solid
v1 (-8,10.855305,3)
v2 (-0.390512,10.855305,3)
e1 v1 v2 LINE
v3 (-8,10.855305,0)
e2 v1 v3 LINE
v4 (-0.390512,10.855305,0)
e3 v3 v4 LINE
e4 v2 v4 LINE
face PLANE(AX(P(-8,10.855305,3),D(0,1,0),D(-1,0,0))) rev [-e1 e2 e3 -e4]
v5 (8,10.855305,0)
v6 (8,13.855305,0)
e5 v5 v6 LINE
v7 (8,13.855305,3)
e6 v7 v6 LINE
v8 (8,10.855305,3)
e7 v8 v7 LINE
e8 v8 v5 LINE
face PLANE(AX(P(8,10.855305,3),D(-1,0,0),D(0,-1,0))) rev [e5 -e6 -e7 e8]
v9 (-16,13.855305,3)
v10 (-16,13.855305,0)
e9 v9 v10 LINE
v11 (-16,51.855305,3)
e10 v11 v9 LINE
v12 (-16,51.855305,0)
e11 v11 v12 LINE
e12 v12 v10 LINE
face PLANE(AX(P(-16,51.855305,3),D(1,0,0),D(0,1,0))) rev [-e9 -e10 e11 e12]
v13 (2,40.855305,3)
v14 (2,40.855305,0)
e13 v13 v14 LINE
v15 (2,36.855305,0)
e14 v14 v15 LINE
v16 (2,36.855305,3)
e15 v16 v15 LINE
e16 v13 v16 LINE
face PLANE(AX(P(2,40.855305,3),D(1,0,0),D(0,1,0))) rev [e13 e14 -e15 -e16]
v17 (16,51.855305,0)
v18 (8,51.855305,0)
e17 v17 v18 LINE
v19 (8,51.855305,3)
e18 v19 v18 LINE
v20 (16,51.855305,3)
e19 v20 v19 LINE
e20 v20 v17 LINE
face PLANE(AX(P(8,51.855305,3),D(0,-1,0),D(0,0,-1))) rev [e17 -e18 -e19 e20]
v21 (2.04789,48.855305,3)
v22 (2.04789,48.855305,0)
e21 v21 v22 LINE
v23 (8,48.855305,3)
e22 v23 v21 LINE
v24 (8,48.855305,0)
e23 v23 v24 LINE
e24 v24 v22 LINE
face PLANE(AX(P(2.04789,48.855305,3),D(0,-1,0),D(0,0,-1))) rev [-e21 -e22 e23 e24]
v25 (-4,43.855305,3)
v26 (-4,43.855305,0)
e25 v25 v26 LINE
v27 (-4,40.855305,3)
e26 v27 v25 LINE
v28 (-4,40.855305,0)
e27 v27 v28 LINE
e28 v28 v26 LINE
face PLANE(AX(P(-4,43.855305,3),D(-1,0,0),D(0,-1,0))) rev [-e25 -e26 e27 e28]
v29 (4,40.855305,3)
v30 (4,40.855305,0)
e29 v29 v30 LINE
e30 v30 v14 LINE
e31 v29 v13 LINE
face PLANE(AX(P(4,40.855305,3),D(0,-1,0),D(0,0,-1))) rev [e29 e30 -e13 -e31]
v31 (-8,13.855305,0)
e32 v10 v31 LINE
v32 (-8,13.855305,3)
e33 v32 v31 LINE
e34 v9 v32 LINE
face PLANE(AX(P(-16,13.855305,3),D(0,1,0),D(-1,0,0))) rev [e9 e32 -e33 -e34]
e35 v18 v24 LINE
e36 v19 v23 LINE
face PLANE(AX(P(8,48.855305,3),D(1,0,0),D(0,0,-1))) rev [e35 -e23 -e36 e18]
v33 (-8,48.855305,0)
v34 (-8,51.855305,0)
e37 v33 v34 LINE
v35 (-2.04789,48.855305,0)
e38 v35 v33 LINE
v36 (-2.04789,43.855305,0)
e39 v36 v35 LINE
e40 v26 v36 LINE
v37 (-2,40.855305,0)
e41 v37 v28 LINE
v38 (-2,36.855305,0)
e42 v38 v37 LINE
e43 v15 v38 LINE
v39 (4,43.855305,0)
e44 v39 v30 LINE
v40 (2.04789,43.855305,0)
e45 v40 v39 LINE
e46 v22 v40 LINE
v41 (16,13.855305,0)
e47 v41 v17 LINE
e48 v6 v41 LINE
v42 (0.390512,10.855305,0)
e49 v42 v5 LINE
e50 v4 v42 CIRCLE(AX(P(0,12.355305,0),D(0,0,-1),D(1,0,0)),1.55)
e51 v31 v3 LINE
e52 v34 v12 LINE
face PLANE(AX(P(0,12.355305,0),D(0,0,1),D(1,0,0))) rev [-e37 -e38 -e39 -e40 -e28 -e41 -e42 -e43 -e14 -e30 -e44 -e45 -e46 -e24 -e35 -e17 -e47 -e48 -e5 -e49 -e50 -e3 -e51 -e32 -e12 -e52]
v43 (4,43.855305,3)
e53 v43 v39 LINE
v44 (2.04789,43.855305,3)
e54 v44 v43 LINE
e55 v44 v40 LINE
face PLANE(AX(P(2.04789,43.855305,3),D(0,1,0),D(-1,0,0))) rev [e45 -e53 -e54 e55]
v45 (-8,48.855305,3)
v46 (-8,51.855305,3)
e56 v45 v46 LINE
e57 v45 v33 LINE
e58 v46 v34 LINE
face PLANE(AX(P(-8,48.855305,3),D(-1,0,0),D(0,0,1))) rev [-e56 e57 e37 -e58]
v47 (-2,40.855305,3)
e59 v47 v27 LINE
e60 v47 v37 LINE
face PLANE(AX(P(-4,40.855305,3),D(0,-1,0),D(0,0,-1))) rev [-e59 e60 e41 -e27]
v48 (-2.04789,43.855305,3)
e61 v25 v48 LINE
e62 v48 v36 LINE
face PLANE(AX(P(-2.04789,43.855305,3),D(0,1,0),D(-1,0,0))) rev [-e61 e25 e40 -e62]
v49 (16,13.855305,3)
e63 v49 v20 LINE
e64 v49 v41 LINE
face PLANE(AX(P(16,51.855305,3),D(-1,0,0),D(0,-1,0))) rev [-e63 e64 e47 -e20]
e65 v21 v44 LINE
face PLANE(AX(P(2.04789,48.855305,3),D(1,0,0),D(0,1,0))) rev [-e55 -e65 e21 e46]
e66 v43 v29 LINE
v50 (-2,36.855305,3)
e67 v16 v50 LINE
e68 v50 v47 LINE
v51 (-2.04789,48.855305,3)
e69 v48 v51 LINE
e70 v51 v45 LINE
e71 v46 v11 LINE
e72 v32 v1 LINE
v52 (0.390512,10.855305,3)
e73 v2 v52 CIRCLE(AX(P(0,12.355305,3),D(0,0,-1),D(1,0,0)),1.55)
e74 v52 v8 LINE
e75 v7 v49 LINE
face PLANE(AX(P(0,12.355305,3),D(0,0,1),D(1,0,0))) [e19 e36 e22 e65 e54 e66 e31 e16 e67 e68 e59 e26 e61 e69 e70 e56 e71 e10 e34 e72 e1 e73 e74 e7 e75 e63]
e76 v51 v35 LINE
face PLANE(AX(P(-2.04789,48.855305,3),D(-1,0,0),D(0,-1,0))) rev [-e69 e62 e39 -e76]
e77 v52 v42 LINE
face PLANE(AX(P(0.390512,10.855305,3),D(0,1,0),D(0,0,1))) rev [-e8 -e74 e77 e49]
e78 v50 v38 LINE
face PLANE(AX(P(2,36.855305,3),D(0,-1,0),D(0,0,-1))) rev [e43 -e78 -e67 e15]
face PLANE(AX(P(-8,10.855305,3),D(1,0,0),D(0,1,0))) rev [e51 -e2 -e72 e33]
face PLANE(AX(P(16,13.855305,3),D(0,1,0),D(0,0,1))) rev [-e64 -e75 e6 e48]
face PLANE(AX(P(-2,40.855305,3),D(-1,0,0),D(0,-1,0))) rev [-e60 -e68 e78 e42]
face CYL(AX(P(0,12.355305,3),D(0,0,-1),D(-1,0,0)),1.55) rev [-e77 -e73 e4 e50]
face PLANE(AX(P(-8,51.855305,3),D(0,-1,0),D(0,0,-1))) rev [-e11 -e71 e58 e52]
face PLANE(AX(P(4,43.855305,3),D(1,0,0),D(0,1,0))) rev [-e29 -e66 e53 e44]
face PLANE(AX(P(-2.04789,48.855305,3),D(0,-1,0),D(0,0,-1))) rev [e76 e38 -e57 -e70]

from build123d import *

# Parameters (mm, degrees)
EXTRUDE_1_DEPTH = 3


with BuildPart() as part:
    # 草图2 → 凸台-拉伸1 (new body)
    with BuildSketch(Plane.XY):
        with BuildLine():
            Line((2.047890023, 48.855305477), (8, 48.855305477))
            Line((8, 48.855305477), (8, 51.855305477))
            Line((8, 51.855305477), (16, 51.855305477))
            Line((16, 51.855305477), (16, 13.855305477))
            Line((16, 13.855305477), (8, 13.855305477))
            Line((8, 13.855305477), (8, 10.855305477))
            Line((8, 10.855305477), (0.390512484, 10.855305477))
            ThreePointArc((0.390512484, 10.855305477), (0, 13.905305477), (-0.390512484, 10.855305477))
            Line((-0.390512484, 10.855305477), (-8, 10.855305477))
            Line((-8, 10.855305477), (-8, 13.855305477))
            Line((-8, 13.855305477), (-16, 13.855305477))
            Line((-16, 13.855305477), (-16, 51.855305477))
            Line((-16, 51.855305477), (-8, 51.855305477))
            Line((-8, 51.855305477), (-8, 48.855305477))
            Line((-8, 48.855305477), (-2.047890023, 48.855305477))
            Line((-2.047890023, 48.855305477), (-2.047890023, 43.855305477))
            Line((-2.047890023, 43.855305477), (-4, 43.855305477))
            Line((-4, 43.855305477), (-4, 40.855305477))
            Line((-4, 40.855305477), (-2, 40.855305477))
            Line((-2, 40.855305477), (-2, 36.855305477))
            Line((-2, 36.855305477), (2, 36.855305477))
            Line((2, 36.855305477), (2, 40.855305477))
            Line((2, 40.855305477), (4, 40.855305477))
            Line((4, 40.855305477), (4, 43.855305477))
            Line((4, 43.855305477), (2.047890023, 43.855305477))
            Line((2.047890023, 43.855305477), (2.047890023, 48.855305477))
        make_face()
    extrude(amount=EXTRUDE_1_DEPTH)


solid = part.part
